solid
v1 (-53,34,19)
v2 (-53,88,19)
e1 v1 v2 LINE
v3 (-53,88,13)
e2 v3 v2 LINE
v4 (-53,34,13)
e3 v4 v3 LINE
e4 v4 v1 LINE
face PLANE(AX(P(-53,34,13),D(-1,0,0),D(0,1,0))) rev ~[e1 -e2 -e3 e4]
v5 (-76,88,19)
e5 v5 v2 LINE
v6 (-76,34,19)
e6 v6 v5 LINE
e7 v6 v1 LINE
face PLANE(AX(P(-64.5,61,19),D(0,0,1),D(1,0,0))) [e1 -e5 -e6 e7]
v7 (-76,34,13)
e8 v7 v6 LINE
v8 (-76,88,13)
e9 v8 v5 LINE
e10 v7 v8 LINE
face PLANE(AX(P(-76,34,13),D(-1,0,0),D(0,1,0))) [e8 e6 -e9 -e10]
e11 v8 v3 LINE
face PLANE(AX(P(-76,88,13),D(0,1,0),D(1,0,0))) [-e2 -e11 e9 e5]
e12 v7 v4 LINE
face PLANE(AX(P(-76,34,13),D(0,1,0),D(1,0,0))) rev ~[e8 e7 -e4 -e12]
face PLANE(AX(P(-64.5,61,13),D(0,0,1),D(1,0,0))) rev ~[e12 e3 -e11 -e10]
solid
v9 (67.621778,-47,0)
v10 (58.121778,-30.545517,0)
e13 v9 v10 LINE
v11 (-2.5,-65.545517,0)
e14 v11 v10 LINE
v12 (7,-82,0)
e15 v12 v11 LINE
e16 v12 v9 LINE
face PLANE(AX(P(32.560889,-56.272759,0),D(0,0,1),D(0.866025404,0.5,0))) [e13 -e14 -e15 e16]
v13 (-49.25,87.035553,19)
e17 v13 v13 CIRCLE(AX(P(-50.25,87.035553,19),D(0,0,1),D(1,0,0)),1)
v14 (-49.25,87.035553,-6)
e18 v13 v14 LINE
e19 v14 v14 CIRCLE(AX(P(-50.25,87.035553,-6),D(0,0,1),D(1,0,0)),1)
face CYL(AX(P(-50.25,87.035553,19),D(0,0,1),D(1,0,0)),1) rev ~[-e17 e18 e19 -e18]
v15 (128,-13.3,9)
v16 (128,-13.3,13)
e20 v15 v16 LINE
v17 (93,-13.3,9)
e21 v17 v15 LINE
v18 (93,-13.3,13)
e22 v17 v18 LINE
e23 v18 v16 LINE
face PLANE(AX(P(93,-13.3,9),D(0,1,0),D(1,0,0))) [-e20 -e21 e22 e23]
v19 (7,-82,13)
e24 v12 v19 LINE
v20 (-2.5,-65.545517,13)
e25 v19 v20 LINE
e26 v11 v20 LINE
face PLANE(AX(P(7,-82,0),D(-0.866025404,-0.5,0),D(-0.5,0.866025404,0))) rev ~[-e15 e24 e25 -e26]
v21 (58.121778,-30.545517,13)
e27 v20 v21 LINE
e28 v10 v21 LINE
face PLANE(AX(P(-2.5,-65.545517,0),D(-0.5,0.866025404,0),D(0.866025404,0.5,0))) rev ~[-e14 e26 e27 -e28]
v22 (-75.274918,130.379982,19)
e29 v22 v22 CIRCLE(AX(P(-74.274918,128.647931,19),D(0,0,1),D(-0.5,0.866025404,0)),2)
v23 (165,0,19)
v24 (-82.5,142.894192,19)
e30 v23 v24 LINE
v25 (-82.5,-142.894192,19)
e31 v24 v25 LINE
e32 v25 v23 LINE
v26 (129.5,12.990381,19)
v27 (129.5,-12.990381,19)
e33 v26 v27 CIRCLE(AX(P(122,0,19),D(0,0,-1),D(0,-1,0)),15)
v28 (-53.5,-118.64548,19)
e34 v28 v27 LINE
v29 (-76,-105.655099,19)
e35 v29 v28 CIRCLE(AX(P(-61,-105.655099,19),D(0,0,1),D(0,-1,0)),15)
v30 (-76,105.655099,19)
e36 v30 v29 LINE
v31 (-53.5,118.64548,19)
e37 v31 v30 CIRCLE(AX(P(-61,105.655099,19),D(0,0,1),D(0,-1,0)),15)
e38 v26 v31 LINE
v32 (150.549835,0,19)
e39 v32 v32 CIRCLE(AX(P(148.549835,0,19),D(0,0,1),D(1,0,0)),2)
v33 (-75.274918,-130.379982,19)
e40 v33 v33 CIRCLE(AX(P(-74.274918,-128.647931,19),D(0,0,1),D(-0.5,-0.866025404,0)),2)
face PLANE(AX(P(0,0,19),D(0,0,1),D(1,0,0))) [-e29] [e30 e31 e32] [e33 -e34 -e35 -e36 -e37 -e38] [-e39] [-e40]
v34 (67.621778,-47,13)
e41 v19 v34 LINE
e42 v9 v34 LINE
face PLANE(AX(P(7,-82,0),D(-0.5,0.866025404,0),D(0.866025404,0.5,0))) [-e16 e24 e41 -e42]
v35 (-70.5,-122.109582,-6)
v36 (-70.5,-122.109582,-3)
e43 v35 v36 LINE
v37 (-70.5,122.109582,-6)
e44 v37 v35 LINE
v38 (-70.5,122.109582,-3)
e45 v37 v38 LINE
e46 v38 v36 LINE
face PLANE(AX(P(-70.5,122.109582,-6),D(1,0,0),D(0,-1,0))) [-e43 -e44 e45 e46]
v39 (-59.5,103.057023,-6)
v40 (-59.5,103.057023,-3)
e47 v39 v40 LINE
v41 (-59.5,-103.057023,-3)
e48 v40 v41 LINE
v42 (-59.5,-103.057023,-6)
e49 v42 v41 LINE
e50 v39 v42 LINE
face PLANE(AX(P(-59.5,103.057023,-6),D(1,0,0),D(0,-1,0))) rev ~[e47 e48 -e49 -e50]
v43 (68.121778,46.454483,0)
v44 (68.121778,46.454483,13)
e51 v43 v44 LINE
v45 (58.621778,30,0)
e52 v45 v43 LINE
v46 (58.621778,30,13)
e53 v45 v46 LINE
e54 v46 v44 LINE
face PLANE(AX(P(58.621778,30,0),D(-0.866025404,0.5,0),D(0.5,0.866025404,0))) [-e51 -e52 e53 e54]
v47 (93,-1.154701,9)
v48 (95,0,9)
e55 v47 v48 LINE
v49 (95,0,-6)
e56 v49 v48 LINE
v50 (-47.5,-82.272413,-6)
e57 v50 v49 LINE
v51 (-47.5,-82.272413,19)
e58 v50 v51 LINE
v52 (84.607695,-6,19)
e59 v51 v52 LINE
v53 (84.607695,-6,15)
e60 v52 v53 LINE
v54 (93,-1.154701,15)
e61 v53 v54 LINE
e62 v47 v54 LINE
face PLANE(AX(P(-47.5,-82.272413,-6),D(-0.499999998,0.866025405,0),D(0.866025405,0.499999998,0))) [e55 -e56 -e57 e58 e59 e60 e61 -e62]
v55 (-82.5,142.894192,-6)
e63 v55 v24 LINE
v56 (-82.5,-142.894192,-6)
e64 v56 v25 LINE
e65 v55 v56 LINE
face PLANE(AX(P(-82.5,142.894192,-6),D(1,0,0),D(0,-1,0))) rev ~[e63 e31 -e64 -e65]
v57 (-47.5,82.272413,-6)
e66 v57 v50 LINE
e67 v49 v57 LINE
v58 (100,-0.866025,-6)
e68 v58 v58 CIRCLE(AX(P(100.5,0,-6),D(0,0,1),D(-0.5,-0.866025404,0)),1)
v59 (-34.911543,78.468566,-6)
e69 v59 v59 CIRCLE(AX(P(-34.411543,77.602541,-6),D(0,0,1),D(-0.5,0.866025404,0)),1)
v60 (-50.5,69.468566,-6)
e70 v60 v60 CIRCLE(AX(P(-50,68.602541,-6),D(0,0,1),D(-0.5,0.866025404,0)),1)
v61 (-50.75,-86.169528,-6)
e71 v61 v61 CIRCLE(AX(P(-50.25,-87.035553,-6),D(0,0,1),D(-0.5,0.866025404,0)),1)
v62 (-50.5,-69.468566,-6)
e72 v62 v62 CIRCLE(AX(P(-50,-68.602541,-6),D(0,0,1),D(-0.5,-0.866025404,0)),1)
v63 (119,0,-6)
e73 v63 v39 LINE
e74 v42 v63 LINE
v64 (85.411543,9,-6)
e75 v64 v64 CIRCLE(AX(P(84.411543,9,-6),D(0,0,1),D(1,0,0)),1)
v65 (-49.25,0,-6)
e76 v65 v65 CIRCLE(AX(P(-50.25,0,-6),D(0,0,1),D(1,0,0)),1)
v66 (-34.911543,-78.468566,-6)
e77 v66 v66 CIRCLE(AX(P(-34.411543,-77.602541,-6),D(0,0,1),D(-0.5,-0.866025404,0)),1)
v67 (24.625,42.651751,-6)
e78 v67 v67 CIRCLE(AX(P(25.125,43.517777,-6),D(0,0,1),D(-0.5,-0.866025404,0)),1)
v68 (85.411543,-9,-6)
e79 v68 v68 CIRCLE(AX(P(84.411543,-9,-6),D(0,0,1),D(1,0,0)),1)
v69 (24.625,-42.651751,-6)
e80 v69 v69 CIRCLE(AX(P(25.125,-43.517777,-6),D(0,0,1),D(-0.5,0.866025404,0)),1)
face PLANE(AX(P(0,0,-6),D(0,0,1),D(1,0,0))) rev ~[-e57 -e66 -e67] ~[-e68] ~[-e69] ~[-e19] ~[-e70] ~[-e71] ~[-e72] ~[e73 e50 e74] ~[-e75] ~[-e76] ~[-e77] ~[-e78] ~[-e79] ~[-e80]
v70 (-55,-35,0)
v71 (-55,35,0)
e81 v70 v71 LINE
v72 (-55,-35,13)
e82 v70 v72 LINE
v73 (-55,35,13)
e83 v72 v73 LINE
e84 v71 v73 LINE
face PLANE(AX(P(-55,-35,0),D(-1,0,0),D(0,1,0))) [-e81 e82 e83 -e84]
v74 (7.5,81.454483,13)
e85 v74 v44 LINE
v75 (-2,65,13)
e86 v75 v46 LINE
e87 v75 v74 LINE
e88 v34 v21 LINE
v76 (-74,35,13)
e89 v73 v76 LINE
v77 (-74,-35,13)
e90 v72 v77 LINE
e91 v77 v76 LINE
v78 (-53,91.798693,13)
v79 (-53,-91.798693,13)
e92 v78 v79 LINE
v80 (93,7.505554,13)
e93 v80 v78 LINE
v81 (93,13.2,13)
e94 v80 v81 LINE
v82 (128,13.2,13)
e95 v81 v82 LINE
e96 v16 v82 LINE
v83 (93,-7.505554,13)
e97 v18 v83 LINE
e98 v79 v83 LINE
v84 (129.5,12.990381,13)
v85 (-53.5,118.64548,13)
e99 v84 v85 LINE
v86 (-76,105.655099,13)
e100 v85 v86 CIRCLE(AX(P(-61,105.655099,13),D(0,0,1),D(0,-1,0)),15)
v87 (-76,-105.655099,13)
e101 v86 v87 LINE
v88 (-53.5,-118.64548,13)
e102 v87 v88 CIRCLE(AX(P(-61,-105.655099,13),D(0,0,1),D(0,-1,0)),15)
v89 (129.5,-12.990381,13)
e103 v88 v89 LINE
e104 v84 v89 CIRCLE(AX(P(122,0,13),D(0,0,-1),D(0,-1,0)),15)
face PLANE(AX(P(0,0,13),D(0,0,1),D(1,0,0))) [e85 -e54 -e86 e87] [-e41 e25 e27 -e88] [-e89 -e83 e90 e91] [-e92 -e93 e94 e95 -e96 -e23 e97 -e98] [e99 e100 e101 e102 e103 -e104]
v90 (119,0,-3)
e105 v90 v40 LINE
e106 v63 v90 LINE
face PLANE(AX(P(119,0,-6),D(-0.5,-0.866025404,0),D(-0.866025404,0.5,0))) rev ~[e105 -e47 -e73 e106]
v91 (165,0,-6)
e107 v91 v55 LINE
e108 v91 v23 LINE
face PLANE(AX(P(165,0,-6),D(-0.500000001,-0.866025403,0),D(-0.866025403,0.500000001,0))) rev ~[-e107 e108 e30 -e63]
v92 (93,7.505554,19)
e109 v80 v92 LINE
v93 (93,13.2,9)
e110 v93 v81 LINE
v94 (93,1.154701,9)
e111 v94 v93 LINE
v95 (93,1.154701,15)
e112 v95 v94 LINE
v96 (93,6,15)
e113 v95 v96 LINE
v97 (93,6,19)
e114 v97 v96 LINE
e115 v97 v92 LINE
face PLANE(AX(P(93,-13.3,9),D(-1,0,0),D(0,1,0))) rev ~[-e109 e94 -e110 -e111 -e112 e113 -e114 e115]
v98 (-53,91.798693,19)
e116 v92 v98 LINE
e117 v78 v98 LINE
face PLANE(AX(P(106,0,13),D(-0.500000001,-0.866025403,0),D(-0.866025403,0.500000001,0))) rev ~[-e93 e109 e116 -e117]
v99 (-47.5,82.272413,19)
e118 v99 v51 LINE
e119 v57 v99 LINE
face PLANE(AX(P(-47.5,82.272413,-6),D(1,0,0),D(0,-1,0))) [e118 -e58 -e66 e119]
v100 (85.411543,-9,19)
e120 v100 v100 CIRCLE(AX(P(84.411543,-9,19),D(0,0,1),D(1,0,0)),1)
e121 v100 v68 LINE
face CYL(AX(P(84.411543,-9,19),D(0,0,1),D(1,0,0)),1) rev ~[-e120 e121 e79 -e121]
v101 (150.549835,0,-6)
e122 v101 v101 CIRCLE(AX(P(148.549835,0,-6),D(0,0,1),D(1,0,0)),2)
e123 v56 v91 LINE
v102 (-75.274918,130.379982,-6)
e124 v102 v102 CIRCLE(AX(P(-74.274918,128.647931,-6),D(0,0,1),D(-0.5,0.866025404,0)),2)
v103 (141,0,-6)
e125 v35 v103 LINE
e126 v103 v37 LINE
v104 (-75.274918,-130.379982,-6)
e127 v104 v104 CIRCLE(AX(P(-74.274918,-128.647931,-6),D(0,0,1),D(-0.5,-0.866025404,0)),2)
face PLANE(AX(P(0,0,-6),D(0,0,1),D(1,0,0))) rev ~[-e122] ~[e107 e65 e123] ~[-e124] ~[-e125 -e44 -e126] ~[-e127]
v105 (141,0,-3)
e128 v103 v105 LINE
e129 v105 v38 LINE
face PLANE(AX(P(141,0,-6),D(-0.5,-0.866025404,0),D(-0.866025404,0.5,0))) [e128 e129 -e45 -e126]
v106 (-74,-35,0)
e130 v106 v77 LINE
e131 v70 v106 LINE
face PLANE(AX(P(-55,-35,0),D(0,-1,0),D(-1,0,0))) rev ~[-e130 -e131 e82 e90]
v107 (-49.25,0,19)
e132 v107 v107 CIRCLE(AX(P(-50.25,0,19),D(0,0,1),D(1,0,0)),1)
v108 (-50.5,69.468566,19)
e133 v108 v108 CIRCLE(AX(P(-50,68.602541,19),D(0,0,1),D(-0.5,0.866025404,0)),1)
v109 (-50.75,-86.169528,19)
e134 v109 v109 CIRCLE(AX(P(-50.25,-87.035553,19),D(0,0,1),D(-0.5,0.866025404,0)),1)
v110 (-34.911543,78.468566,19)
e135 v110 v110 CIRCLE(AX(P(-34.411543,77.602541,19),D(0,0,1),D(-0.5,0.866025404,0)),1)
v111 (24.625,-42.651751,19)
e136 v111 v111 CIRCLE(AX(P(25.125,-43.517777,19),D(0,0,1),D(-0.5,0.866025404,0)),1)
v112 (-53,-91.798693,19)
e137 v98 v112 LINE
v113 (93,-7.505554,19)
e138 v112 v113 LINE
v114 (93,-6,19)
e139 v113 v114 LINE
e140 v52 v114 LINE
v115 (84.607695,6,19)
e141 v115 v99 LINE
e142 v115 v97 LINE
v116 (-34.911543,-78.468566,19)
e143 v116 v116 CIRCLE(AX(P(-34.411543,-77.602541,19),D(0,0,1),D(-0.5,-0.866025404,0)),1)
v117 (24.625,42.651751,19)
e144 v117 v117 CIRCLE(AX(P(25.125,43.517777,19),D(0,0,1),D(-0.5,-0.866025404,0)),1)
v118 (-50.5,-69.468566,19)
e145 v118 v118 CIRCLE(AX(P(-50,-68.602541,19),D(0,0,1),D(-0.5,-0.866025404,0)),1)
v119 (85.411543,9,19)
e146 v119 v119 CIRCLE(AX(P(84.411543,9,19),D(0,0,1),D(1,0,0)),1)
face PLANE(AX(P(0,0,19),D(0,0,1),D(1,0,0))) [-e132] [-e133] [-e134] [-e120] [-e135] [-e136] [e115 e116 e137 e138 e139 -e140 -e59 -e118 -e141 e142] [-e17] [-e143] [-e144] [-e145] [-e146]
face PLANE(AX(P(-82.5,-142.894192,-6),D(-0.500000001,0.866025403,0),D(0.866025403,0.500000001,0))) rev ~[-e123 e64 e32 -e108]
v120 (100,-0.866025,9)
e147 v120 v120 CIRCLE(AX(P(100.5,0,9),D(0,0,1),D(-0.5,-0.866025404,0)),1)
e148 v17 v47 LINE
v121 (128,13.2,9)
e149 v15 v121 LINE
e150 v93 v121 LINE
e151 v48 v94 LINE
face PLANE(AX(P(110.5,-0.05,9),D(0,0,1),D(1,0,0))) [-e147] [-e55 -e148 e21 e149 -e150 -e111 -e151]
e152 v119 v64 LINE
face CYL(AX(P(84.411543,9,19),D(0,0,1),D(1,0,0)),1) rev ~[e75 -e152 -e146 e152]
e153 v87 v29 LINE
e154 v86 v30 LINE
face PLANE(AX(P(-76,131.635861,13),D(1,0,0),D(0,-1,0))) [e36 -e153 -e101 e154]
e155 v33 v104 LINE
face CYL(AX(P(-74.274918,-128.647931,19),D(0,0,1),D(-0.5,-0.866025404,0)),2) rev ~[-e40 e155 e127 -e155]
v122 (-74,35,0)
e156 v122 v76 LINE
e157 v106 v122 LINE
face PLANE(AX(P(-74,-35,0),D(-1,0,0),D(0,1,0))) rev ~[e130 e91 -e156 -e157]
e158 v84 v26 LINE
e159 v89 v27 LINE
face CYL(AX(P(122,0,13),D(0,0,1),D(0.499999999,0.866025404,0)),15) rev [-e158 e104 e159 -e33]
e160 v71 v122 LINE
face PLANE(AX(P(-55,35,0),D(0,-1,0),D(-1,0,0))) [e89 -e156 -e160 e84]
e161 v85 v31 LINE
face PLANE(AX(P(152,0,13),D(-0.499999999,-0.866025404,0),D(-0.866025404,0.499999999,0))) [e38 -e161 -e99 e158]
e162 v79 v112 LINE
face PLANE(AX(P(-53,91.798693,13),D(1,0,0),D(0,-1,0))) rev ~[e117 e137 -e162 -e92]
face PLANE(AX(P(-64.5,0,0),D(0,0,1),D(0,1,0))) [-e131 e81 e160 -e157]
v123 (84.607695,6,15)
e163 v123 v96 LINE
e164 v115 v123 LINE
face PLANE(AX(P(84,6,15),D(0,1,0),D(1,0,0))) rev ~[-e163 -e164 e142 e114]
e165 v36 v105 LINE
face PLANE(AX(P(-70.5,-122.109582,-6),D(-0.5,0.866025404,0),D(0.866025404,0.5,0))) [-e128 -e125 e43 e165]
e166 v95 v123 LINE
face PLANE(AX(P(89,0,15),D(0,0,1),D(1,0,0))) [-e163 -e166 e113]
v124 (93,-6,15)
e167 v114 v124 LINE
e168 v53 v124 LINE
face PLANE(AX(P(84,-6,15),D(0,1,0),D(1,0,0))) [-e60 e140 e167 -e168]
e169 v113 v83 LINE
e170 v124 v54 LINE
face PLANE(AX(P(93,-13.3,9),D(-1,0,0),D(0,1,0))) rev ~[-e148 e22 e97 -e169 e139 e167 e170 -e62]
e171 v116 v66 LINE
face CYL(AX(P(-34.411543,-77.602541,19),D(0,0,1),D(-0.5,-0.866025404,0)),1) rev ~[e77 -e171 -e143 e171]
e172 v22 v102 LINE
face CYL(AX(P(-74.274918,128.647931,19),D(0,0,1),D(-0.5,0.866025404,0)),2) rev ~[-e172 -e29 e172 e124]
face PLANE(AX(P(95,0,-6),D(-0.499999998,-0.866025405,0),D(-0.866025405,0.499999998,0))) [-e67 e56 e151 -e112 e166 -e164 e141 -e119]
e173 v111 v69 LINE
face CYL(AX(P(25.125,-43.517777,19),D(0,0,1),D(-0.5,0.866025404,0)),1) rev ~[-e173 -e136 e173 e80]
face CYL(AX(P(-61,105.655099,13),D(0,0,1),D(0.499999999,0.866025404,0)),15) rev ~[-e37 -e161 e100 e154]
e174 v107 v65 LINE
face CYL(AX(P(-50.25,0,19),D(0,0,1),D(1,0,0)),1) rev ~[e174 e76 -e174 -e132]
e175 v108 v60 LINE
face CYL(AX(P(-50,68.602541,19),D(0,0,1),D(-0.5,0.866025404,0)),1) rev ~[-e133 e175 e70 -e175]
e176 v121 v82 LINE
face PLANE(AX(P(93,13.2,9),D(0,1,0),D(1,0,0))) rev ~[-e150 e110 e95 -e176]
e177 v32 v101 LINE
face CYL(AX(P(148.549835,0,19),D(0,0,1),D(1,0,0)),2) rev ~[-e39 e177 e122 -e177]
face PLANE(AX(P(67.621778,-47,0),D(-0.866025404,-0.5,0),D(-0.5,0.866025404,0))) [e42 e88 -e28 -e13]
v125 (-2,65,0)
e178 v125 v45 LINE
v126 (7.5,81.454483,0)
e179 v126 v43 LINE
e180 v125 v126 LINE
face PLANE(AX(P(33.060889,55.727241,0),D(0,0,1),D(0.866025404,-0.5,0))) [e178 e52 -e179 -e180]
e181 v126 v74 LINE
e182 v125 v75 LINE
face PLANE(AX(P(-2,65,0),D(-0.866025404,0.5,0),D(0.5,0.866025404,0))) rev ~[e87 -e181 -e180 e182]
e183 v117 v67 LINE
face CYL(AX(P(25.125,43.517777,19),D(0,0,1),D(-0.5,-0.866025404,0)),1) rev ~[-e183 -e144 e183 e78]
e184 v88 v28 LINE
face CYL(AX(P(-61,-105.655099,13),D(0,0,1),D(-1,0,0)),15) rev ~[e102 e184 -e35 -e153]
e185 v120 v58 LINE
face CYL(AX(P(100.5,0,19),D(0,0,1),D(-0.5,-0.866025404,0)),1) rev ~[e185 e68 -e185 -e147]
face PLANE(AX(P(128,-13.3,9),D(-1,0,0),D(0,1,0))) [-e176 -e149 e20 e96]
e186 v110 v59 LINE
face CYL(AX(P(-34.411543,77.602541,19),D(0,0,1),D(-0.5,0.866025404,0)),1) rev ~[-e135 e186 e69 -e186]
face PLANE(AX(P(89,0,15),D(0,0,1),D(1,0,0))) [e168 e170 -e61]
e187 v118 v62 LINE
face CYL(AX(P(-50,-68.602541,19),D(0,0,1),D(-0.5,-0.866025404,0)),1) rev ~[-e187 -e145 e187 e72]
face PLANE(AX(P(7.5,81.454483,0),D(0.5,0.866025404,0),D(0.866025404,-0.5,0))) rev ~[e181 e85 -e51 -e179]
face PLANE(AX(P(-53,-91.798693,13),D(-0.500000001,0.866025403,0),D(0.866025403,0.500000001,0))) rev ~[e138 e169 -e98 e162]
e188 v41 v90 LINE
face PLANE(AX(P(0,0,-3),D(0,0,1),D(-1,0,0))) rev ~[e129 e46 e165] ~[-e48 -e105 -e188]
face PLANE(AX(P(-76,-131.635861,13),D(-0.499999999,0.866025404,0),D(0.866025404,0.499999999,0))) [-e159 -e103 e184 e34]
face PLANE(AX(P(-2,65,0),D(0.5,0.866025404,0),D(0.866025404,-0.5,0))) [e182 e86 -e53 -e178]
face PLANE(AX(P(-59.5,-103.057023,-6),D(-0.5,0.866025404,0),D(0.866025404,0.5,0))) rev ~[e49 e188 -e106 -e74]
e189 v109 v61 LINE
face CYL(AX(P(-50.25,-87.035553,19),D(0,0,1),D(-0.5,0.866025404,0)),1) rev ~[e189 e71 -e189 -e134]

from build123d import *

# Parameters (mm, degrees)
BOX005_W               = 23
BOX005_H               = 54
BOX005_DEPTH           = 6
PRISM003_DEPTH         = 6
PRISM002_DEPTH         = 6
BOX004_W               = 10
BOX004_H               = 12
BOX004_DEPTH           = 4
BOX003_W               = 35
BOX003_H               = 26.5
BOX003_DEPTH           = 10
BOX002_W               = 70
BOX002_H               = 19
BOX002_DEPTH           = 19
BOX002_PLACEMENT_ANGLE = 30
BOX001_W               = 70
BOX001_H               = 19
BOX001_DEPTH           = 19
BOX001_PLACEMENT_ANGLE = 90
BOX_W                  = 70
BOX_H                  = 19
BOX_DEPTH              = 19
BOX_PLACEMENT_ANGLE    = 30
PRISM001_DEPTH         = 25
PRISM_DEPTH            = 25
FILLET_R               = 15
SKETCH001_R            = 2
POCKET_DEPTH           = 782.777352
POLARPATTERN_COUNT     = 3
POCKET001_DEPTH        = 3
SKETCH002_R            = 1
POCKET002_DEPTH        = 782.777352
POLARPATTERN001_COUNT  = 3
SKETCH004_R            = 1
POCKET003_DEPTH        = 782.777352
POLARPATTERN002_COUNT  = 3


with BuildPart() as box005:
    # Box005 → Box005 (new body)
    with BuildSketch(Plane(origin=(-76, 34, 13), x_dir=(1, 0, 0), z_dir=(0, 0, 1))):
        with Locations((11.5, 27)):
            Rectangle(BOX005_W, BOX005_H)
    extrude(amount=BOX005_DEPTH)


with BuildPart() as prism003:
    # Prism003 → Prism003 (new body)
    with BuildSketch(Plane.XY.offset(13)):
        Polygon((106, 0), (-53, 91.798693), (-53, -91.798693), align=None)
    extrude(amount=PRISM003_DEPTH)


with BuildPart() as cut006:
    # Prism002 → Prism002 (new body)
    with BuildSketch(Plane.XY.offset(13)):
        Polygon((152, 0), (-76, 131.635861), (-76, -131.635861), align=None)
    extrude(amount=PRISM002_DEPTH)

    # Cut006: cut Prism003
    add(prism003.part, mode=Mode.SUBTRACT)


with BuildPart() as box004:
    # Box004 → Box004 (new body)
    with BuildSketch(Plane(origin=(84, -6, 15), x_dir=(1, 0, 0), z_dir=(0, 0, 1))):
        with Locations((5, 6)):
            Rectangle(BOX004_W, BOX004_H)
    extrude(amount=BOX004_DEPTH)


with BuildPart() as box003:
    # Box003 → Box003 (new body)
    with BuildSketch(Plane(origin=(93, -13.3, 9), x_dir=(1, 0, 0), z_dir=(0, 0, 1))):
        with Locations((17.5, 13.25)):
            Rectangle(BOX003_W, BOX003_H)
    extrude(amount=BOX003_DEPTH)


with BuildPart() as box002:
    # Box002 → Box002 (new body)
    with BuildSketch(Plane.XY):
        with Locations((35, 9.5)):
            Rectangle(BOX002_W, BOX002_H)
    extrude(amount=BOX002_DEPTH)


with BuildPart() as box002_1:
    # Box002 placement: moved
    add(box002.part.moved(Location((7, -82, 0))).rotate(Axis((7, -82, 0), (0, 0, 1)), BOX002_PLACEMENT_ANGLE))


with BuildPart() as box001:
    # Box001 → Box001 (new body)
    with BuildSketch(Plane.XY):
        with Locations((35, 9.5)):
            Rectangle(BOX001_W, BOX001_H)
    extrude(amount=BOX001_DEPTH)


with BuildPart() as box001_1:
    # Box001 placement: moved
    add(box001.part.moved(Location((-55, -35, 0))).rotate(Axis((-55, -35, 0), (0, 0, 1)), BOX001_PLACEMENT_ANGLE))


with BuildPart() as box:
    # Box → Box (new body)
    with BuildSketch(Plane.XY):
        with Locations((35, 9.5)):
            Rectangle(BOX_W, BOX_H)
    extrude(amount=BOX_DEPTH)


with BuildPart() as box_1:
    # Box placement: moved
    add(box.part.moved(Location((-2, 65, 0))).rotate(Axis((-2, 65, 0), (0, 0, -1)), BOX_PLACEMENT_ANGLE))


with BuildPart() as prism001:
    # Prism001 → Prism001 (new body)
    with BuildSketch(Plane.XY.offset(-6)):
        Polygon((95, 0), (-47.5, 82.272413), (-47.5, -82.272413), align=None)
    extrude(amount=PRISM001_DEPTH)


with BuildPart() as body:
    # Prism → Prism (new body)
    with BuildSketch(Plane.XY.offset(-6)):
        Polygon((165, 0), (-82.5, 142.894192), (-82.5, -142.894192), align=None)
    extrude(amount=PRISM_DEPTH)

    # Cut: cut Prism001
    add(prism001.part, mode=Mode.SUBTRACT)

    # Cut001: cut Box
    add(box_1.part, mode=Mode.SUBTRACT)

    # Cut002: cut Box001
    add(box001_1.part, mode=Mode.SUBTRACT)

    # Cut003: cut Box002
    add(box002_1.part, mode=Mode.SUBTRACT)

    # Cut004: cut Box003
    add(box003.part, mode=Mode.SUBTRACT)

    # Cut005: cut Box004
    add(box004.part, mode=Mode.SUBTRACT)

    # Cut007: cut Cut006
    add(cut006.part, mode=Mode.SUBTRACT)

    # Fillet
    fillet_edges = [body.edges().sort_by_distance(p)[0] for p in [
        (152, 0, 16),
        (-76, 131.635861, 16),
        (-76, -131.635861, 16),
    ]]
    fillet(fillet_edges, radius=FILLET_R)

    # Sketch001 (on Face1 of BaseFeature) → Pocket (cut, through all)
    with BuildSketch(Plane.XY.offset(19)):
        with Locations((148.549835, 0)):
            Circle(SKETCH001_R)
    pocket = extrude(amount=-POCKET_DEPTH, mode=Mode.SUBTRACT)

    # PolarPattern: Pocket ×3 about axis
    polarpattern_axis = Axis((0, 0, 19), (0, 0, 1))
    for i in range(1, POLARPATTERN_COUNT):
        add(pocket.rotate(polarpattern_axis, i * 360 / POLARPATTERN_COUNT), mode=Mode.SUBTRACT)

    # Sketch003 (on Face14 of PolarPattern) → Pocket001 (cut)
    with BuildSketch(Plane(origin=(0, 0, -6), x_dir=(1, 0, 0), z_dir=(0, 0, -1))):
        Polygon((-70.5, 122.109582), (141, 0), (-70.5, -122.109582), align=None)
        Polygon((-59.5, -103.057023), (-59.5, 103.057023), (119, 0), align=None, mode=Mode.SUBTRACT)
    extrude(amount=-POCKET001_DEPTH, mode=Mode.SUBTRACT)

    # Sketch002 (on Face39 of PolarPattern) → Pocket002 (cut, through all)
    with BuildSketch(Plane.XY.offset(19)):
        with Locations((-50.25, 0)):
            Circle(SKETCH002_R)
        with Locations((-50.25, 87.035553)):
            Circle(SKETCH002_R)
    pocket002 = extrude(amount=-POCKET002_DEPTH, mode=Mode.SUBTRACT)

    # PolarPattern001: Pocket002 ×3 about axis
    polarpattern001_axis = Axis((0, 0, 19), (0, 0, 1))
    for i in range(1, POLARPATTERN001_COUNT):
        add(pocket002.rotate(polarpattern001_axis, i * 360 / POLARPATTERN001_COUNT), mode=Mode.SUBTRACT)

    # Sketch004 (on Face40 of PolarPattern001) → Pocket003 (cut, through all)
    with BuildSketch(Plane.XY.offset(19)):
        with Locations((84.411543, 9)):
            Circle(SKETCH004_R)
        with Locations((84.411543, -9)):
            Circle(SKETCH004_R)
    pocket003 = extrude(amount=-POCKET003_DEPTH, mode=Mode.SUBTRACT)

    # PolarPattern002: Pocket003 ×3 about axis
    polarpattern002_axis = Axis((0, 0, 19), (0, 0, 1))
    for i in range(1, POLARPATTERN002_COUNT):
        add(pocket003.rotate(polarpattern002_axis, i * 360 / POLARPATTERN002_COUNT), mode=Mode.SUBTRACT)


solid = Compound([box005.part, body.part])
